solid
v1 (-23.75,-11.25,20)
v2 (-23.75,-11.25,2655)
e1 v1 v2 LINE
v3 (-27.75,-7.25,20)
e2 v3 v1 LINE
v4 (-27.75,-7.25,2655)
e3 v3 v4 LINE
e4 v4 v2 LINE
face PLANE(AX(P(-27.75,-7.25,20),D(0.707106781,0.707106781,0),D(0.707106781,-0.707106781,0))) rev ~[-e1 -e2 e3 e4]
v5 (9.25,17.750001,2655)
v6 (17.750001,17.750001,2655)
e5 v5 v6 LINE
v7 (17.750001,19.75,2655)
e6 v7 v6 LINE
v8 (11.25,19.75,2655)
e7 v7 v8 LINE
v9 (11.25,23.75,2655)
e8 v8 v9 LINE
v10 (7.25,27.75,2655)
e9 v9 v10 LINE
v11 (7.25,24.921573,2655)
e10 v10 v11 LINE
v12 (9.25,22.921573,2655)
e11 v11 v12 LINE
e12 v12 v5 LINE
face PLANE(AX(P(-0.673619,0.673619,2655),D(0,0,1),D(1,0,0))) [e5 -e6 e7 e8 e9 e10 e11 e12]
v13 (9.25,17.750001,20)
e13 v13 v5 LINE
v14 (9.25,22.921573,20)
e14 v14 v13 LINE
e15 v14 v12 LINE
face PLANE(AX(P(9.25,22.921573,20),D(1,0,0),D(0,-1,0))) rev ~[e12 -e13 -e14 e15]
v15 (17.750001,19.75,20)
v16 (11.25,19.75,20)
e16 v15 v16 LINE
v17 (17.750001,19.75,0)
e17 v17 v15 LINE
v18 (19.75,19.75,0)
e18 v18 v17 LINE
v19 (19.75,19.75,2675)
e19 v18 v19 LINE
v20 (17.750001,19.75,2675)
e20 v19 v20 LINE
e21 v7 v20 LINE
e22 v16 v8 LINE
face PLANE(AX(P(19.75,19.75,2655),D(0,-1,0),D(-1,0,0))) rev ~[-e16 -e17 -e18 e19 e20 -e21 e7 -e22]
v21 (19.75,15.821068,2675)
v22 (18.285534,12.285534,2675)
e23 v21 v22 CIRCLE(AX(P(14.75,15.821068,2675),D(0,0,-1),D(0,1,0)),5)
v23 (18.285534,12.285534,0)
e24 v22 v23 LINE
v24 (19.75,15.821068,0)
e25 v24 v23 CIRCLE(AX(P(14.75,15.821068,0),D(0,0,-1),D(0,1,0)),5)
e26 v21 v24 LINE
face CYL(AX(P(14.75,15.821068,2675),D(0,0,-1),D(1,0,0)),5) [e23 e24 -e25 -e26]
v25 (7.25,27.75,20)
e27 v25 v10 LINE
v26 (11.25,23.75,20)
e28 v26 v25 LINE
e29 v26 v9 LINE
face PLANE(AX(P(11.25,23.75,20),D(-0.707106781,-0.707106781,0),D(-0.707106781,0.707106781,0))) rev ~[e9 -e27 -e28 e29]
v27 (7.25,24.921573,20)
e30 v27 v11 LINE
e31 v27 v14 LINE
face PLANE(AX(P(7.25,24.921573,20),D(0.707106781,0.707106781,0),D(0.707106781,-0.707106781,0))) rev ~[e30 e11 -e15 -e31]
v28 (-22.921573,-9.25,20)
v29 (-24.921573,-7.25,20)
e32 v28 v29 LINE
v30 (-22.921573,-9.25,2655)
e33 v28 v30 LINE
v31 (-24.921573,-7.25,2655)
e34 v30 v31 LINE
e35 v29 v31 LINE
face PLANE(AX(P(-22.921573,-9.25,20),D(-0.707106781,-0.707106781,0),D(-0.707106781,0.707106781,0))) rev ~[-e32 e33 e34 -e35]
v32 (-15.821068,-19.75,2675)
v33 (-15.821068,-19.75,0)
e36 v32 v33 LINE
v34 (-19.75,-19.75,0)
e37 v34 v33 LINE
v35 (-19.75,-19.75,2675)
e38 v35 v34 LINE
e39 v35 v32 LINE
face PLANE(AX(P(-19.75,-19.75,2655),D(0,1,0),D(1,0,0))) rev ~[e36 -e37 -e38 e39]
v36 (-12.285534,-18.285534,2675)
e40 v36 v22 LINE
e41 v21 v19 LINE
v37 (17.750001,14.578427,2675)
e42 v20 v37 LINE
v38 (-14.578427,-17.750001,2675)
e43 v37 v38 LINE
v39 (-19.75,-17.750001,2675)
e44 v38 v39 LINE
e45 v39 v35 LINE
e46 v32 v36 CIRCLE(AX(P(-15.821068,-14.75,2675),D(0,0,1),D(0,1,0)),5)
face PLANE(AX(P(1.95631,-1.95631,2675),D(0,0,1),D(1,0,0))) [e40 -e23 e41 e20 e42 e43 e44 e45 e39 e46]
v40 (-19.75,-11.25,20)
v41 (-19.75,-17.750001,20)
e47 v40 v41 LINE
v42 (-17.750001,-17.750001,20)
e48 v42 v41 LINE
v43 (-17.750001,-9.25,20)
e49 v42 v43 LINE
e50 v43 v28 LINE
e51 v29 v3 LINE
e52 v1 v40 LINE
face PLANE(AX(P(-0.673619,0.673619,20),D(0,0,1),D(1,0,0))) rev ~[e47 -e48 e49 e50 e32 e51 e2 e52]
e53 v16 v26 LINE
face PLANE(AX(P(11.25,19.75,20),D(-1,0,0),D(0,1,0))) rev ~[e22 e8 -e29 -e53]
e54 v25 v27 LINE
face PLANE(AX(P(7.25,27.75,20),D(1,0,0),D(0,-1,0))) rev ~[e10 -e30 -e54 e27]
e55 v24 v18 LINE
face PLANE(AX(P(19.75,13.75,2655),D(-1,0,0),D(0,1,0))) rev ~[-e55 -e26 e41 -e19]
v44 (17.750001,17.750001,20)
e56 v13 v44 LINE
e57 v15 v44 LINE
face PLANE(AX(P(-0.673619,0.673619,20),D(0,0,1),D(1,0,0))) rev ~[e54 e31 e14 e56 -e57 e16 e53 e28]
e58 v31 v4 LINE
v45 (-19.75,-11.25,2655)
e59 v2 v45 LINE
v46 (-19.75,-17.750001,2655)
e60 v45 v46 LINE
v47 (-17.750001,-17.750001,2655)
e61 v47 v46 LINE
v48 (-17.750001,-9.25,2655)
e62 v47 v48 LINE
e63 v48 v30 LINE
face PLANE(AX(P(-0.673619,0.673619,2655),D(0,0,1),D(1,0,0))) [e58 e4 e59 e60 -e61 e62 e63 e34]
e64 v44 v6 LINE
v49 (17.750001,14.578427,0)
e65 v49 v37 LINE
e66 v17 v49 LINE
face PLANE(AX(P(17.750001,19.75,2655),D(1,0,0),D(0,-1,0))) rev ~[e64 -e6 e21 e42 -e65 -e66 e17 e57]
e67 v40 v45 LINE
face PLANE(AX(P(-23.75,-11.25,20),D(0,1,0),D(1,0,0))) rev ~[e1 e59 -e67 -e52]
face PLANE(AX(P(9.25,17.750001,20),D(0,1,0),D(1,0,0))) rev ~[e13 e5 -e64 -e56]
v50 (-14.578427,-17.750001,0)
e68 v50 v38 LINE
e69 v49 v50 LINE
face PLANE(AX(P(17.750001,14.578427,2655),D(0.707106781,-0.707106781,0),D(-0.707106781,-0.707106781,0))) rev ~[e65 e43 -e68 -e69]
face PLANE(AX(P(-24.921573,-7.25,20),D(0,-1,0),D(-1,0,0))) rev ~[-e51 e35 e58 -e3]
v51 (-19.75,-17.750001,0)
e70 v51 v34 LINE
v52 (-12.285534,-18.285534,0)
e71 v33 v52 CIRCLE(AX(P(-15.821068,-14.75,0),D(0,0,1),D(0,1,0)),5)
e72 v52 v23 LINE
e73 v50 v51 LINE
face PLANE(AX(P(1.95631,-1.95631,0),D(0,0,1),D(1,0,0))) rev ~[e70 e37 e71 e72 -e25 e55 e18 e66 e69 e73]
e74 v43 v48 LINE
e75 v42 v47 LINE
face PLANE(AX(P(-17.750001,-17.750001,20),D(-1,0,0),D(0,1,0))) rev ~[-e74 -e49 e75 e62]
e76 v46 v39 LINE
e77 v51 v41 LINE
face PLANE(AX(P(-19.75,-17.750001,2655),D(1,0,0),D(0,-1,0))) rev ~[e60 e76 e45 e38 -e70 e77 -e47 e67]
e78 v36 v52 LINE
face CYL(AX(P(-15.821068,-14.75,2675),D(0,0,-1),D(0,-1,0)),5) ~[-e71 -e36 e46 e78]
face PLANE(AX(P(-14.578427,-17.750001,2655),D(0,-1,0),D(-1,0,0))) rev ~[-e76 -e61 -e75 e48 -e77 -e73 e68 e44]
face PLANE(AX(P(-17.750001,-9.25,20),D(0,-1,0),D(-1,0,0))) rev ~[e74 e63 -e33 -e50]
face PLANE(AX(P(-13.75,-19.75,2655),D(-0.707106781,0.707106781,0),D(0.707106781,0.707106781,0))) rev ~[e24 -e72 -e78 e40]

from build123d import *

# Parameters (mm, degrees)
F1_DEPTH = 20
F3_DEPTH = 2635
F5_DEPTH = 20
F6_R     = 5


with BuildPart() as f1:
    # F0 (on Top) → F1 (new body)
    with BuildSketch(Plane.XY):
        Polygon((-19.75, -17.750001), (-19.75, -19.75), (-13.75, -19.75), (19.75, 13.75), (19.75, 19.75), (17.750001, 19.75), (17.750001, 14.578427), (-14.578427, -17.750001), align=None)
    extrude(amount=F1_DEPTH)

    # F2 (on face) → F3 (join)
    with BuildSketch(Plane.XY.offset(20)):
        Polygon((-19.75, -19.75), (-13.75, -19.75), (19.75, 13.75), (19.75, 19.75), (11.25, 19.75), (11.25, 23.75), (7.25, 27.75), (7.25, 24.921573), (9.25, 22.921573), (9.25, 19.75), (9.25, 17.750001), (17.750001, 17.750001), (17.750001, 14.578427), (14.335787, 11.164213), (-11.164213, -14.335787), (-14.578427, -17.750001), (-17.750001, -17.750001), (-17.750001, -9.25), (-19.75, -9.25), (-22.921573, -9.25), (-24.921573, -7.25), (-27.75, -7.25), (-23.75, -11.25), (-19.75, -11.25), align=None)
    extrude(amount=F3_DEPTH)

    # F4 (on face) → F5 (join)
    with BuildSketch(Plane.XY.offset(2655)):
        Polygon((19.75, 13.75), (19.75, 19.75), (17.750001, 19.75), (17.750001, 14.578427), (-14.578427, -17.750001), (-19.75, -17.750001), (-19.75, -19.75), (-13.75, -19.75), align=None)
    extrude(amount=F5_DEPTH)

    # F6
    f6_edges = [f1.edges().sort_by_distance(p)[0] for p in [
        (19.75, 13.75, 1337.5),
        (-13.75, -19.75, 1337.5),
    ]]
    fillet(f6_edges, radius=F6_R)


solid = f1.part
